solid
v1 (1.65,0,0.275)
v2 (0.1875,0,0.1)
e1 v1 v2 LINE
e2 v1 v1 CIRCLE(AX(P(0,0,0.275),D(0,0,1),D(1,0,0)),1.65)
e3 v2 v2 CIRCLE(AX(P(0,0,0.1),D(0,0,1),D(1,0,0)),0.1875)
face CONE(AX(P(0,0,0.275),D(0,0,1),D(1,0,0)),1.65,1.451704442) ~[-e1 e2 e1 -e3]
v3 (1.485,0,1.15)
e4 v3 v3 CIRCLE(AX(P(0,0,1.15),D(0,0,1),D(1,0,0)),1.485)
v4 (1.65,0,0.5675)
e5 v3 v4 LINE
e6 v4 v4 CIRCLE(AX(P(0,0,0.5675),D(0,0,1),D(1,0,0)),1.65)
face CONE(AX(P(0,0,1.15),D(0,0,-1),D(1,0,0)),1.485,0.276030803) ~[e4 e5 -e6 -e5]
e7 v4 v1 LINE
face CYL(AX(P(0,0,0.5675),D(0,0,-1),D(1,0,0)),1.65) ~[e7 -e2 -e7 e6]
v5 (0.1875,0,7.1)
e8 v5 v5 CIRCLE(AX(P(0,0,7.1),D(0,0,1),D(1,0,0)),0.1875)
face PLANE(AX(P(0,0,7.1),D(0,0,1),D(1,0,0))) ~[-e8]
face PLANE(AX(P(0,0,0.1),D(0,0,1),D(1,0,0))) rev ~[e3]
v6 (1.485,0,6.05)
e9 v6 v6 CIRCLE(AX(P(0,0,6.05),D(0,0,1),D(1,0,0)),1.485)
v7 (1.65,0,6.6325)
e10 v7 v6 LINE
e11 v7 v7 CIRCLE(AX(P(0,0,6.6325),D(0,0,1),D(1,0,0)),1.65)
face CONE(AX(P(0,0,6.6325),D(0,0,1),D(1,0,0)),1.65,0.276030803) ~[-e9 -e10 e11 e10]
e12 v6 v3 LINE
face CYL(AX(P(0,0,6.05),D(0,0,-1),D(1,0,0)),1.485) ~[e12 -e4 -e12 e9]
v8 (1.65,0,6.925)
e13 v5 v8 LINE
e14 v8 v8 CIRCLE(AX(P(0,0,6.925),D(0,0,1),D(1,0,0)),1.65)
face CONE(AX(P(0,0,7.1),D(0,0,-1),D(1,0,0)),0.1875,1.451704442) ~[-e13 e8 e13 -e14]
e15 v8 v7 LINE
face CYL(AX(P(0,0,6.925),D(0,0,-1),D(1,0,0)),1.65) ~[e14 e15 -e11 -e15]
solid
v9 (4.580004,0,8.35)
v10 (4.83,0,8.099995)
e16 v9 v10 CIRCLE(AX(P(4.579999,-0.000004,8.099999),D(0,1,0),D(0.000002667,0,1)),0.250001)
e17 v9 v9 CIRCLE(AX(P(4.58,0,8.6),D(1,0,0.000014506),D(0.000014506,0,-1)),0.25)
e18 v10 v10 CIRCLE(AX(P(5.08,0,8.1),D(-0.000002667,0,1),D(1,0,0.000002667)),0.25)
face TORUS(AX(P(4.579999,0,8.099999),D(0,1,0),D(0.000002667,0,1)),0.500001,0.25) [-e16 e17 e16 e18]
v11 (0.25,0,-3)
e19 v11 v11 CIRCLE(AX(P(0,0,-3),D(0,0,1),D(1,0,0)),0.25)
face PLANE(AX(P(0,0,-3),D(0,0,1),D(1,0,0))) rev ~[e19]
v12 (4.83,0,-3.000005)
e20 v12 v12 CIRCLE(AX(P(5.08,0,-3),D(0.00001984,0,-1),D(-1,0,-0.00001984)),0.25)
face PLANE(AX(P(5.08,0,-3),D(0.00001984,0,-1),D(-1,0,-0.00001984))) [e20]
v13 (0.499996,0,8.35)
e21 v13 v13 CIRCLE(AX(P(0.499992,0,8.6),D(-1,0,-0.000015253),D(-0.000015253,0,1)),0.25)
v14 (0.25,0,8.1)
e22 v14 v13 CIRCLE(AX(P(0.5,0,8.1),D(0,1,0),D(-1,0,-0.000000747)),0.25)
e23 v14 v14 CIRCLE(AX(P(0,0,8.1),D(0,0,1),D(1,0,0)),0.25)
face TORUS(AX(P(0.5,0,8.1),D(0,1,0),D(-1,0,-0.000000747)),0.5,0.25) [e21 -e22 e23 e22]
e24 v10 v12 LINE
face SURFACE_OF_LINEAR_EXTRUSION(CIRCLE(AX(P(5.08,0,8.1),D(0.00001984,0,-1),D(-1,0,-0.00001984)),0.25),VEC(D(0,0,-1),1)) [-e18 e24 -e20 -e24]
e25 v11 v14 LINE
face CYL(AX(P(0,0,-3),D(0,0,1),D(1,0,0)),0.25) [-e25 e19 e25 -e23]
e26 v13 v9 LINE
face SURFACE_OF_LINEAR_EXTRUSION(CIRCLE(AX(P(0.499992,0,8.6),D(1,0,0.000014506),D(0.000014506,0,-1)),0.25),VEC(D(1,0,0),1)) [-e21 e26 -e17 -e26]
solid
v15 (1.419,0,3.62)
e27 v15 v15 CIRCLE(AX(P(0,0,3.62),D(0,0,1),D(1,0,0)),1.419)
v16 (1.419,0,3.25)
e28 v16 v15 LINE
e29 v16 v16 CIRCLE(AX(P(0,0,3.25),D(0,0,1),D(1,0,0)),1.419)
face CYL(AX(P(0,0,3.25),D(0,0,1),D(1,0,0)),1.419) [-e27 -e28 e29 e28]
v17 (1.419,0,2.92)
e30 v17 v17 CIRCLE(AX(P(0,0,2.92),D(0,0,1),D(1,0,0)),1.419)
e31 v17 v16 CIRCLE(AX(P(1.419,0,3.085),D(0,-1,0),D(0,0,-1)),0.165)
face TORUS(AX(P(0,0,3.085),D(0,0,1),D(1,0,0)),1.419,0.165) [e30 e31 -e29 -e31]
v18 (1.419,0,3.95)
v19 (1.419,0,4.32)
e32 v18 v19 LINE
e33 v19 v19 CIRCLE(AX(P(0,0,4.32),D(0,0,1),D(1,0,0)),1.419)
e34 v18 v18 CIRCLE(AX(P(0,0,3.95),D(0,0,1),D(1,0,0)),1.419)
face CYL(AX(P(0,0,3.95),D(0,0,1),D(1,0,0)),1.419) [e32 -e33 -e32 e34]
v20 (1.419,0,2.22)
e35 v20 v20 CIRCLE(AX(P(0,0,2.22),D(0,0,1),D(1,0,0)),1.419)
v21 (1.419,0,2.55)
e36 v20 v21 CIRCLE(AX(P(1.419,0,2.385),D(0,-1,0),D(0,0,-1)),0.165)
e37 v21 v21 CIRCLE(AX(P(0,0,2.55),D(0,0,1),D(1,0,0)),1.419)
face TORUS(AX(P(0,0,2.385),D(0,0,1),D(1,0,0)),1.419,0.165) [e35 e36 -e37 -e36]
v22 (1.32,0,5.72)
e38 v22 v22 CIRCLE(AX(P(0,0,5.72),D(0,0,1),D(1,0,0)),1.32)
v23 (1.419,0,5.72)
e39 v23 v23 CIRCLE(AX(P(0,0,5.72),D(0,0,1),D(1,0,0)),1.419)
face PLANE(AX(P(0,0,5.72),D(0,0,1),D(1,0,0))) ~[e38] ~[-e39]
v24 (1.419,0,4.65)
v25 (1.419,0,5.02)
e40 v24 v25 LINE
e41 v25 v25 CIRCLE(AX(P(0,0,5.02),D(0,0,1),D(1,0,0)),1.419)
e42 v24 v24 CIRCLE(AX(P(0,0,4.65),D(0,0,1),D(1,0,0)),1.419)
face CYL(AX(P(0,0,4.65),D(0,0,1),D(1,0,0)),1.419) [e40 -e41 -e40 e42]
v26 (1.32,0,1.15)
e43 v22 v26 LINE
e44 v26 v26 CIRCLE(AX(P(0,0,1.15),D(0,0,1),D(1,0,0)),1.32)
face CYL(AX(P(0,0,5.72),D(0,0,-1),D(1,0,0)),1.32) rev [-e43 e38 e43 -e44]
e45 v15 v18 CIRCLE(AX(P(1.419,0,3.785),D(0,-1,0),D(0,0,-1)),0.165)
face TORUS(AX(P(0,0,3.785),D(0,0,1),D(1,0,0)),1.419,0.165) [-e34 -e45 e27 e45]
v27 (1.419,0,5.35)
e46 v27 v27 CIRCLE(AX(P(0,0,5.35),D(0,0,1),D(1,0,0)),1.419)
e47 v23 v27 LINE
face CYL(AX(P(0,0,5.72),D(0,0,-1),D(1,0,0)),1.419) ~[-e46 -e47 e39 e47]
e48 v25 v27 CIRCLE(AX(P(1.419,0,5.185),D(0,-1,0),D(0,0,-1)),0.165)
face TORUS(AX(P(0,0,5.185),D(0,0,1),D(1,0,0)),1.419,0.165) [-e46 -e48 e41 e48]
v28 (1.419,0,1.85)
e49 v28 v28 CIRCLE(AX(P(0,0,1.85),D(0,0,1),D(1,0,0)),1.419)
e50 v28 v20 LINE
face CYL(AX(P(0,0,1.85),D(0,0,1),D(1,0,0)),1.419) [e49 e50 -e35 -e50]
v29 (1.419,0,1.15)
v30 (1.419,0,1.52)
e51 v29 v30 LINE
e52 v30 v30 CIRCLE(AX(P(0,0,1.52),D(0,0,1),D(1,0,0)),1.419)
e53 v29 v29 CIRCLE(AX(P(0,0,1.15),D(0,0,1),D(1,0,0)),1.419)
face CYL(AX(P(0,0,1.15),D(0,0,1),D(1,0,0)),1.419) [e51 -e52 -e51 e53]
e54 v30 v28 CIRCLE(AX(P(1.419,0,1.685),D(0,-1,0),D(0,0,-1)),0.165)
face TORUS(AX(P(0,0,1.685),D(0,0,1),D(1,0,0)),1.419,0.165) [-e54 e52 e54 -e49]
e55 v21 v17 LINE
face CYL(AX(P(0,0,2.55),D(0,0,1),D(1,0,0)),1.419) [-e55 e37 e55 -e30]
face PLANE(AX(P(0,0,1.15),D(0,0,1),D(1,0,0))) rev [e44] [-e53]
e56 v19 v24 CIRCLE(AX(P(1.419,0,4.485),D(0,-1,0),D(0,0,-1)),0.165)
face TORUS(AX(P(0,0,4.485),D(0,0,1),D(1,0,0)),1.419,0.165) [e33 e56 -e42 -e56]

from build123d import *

# Parameters (mm, degrees)
SKETCH_R = 0.25


with BuildPart() as sweep_body:
    # Sweep: sweep along a path in Sketch001
    with BuildLine(Plane.XZ) as sweep_path:
        Line((0, -3), (0, 8.1))
        ThreePointArc((0, 8.1), (0.146444, 8.453551), (0.499992, 8.6))
        Line((0.499992, 8.6), (4.58, 8.6))
        ThreePointArc((4.58, 8.6), (4.933553, 8.453553), (5.08, 8.1))
        Line((5.08, 8.1), (5.08, -3))
    # Sketch → Sweep (sweep)
    with BuildSketch(Plane.XY.offset(-2)):
        Circle(SKETCH_R)
    sweep(path=sweep_path.line)


with BuildPart() as revolution:
    # Sketch002 → Revolution (revolve)
    with BuildSketch(Plane.XZ):
        Polygon((0, 0.1), (0, 7.1), (0.1875, 7.1), (1.65, 6.925), (1.65, 6.6325), (1.485, 6.05), (1.485, 1.15), (1.65, 0.5675), (1.65, 0.275), (0.1875, 0.1), align=None)
    revolve(axis=Axis((0, 0, 0), (0, 0, 1)))


with BuildPart() as revolution001:
    # Sketch003 → Revolution001 (revolve)
    with BuildSketch(Plane.XZ):
        with BuildLine():
            Line((1.32, 5.72), (1.32, 1.15))
            Line((1.32, 1.15), (1.419, 1.15))
            Line((1.419, 1.15), (1.419, 1.52))
            ThreePointArc((1.419, 1.52), (1.584, 1.685), (1.419, 1.85))
            Line((1.419, 1.85), (1.419, 2.22))
            ThreePointArc((1.419, 2.22), (1.584, 2.385), (1.419, 2.55))
            Line((1.419, 2.55), (1.419, 2.92))
            ThreePointArc((1.419, 2.92), (1.584, 3.085), (1.419, 3.25))
            Line((1.419, 3.25), (1.419, 3.62))
            ThreePointArc((1.419, 3.62), (1.584, 3.785), (1.419, 3.95))
            Line((1.419, 3.95), (1.419, 4.32))
            ThreePointArc((1.419, 4.32), (1.584, 4.485), (1.419, 4.65))
            Line((1.419, 4.65), (1.419, 5.02))
            ThreePointArc((1.419, 5.02), (1.584, 5.185), (1.419, 5.35))
            Line((1.419, 5.72), (1.419, 5.35))
            Line((1.32, 5.72), (1.419, 5.72))
        make_face()
    revolve(axis=Axis((0, 0, 0), (0, 0, 1)))


solid = Compound([sweep_body.part, revolution.part, revolution001.part])
